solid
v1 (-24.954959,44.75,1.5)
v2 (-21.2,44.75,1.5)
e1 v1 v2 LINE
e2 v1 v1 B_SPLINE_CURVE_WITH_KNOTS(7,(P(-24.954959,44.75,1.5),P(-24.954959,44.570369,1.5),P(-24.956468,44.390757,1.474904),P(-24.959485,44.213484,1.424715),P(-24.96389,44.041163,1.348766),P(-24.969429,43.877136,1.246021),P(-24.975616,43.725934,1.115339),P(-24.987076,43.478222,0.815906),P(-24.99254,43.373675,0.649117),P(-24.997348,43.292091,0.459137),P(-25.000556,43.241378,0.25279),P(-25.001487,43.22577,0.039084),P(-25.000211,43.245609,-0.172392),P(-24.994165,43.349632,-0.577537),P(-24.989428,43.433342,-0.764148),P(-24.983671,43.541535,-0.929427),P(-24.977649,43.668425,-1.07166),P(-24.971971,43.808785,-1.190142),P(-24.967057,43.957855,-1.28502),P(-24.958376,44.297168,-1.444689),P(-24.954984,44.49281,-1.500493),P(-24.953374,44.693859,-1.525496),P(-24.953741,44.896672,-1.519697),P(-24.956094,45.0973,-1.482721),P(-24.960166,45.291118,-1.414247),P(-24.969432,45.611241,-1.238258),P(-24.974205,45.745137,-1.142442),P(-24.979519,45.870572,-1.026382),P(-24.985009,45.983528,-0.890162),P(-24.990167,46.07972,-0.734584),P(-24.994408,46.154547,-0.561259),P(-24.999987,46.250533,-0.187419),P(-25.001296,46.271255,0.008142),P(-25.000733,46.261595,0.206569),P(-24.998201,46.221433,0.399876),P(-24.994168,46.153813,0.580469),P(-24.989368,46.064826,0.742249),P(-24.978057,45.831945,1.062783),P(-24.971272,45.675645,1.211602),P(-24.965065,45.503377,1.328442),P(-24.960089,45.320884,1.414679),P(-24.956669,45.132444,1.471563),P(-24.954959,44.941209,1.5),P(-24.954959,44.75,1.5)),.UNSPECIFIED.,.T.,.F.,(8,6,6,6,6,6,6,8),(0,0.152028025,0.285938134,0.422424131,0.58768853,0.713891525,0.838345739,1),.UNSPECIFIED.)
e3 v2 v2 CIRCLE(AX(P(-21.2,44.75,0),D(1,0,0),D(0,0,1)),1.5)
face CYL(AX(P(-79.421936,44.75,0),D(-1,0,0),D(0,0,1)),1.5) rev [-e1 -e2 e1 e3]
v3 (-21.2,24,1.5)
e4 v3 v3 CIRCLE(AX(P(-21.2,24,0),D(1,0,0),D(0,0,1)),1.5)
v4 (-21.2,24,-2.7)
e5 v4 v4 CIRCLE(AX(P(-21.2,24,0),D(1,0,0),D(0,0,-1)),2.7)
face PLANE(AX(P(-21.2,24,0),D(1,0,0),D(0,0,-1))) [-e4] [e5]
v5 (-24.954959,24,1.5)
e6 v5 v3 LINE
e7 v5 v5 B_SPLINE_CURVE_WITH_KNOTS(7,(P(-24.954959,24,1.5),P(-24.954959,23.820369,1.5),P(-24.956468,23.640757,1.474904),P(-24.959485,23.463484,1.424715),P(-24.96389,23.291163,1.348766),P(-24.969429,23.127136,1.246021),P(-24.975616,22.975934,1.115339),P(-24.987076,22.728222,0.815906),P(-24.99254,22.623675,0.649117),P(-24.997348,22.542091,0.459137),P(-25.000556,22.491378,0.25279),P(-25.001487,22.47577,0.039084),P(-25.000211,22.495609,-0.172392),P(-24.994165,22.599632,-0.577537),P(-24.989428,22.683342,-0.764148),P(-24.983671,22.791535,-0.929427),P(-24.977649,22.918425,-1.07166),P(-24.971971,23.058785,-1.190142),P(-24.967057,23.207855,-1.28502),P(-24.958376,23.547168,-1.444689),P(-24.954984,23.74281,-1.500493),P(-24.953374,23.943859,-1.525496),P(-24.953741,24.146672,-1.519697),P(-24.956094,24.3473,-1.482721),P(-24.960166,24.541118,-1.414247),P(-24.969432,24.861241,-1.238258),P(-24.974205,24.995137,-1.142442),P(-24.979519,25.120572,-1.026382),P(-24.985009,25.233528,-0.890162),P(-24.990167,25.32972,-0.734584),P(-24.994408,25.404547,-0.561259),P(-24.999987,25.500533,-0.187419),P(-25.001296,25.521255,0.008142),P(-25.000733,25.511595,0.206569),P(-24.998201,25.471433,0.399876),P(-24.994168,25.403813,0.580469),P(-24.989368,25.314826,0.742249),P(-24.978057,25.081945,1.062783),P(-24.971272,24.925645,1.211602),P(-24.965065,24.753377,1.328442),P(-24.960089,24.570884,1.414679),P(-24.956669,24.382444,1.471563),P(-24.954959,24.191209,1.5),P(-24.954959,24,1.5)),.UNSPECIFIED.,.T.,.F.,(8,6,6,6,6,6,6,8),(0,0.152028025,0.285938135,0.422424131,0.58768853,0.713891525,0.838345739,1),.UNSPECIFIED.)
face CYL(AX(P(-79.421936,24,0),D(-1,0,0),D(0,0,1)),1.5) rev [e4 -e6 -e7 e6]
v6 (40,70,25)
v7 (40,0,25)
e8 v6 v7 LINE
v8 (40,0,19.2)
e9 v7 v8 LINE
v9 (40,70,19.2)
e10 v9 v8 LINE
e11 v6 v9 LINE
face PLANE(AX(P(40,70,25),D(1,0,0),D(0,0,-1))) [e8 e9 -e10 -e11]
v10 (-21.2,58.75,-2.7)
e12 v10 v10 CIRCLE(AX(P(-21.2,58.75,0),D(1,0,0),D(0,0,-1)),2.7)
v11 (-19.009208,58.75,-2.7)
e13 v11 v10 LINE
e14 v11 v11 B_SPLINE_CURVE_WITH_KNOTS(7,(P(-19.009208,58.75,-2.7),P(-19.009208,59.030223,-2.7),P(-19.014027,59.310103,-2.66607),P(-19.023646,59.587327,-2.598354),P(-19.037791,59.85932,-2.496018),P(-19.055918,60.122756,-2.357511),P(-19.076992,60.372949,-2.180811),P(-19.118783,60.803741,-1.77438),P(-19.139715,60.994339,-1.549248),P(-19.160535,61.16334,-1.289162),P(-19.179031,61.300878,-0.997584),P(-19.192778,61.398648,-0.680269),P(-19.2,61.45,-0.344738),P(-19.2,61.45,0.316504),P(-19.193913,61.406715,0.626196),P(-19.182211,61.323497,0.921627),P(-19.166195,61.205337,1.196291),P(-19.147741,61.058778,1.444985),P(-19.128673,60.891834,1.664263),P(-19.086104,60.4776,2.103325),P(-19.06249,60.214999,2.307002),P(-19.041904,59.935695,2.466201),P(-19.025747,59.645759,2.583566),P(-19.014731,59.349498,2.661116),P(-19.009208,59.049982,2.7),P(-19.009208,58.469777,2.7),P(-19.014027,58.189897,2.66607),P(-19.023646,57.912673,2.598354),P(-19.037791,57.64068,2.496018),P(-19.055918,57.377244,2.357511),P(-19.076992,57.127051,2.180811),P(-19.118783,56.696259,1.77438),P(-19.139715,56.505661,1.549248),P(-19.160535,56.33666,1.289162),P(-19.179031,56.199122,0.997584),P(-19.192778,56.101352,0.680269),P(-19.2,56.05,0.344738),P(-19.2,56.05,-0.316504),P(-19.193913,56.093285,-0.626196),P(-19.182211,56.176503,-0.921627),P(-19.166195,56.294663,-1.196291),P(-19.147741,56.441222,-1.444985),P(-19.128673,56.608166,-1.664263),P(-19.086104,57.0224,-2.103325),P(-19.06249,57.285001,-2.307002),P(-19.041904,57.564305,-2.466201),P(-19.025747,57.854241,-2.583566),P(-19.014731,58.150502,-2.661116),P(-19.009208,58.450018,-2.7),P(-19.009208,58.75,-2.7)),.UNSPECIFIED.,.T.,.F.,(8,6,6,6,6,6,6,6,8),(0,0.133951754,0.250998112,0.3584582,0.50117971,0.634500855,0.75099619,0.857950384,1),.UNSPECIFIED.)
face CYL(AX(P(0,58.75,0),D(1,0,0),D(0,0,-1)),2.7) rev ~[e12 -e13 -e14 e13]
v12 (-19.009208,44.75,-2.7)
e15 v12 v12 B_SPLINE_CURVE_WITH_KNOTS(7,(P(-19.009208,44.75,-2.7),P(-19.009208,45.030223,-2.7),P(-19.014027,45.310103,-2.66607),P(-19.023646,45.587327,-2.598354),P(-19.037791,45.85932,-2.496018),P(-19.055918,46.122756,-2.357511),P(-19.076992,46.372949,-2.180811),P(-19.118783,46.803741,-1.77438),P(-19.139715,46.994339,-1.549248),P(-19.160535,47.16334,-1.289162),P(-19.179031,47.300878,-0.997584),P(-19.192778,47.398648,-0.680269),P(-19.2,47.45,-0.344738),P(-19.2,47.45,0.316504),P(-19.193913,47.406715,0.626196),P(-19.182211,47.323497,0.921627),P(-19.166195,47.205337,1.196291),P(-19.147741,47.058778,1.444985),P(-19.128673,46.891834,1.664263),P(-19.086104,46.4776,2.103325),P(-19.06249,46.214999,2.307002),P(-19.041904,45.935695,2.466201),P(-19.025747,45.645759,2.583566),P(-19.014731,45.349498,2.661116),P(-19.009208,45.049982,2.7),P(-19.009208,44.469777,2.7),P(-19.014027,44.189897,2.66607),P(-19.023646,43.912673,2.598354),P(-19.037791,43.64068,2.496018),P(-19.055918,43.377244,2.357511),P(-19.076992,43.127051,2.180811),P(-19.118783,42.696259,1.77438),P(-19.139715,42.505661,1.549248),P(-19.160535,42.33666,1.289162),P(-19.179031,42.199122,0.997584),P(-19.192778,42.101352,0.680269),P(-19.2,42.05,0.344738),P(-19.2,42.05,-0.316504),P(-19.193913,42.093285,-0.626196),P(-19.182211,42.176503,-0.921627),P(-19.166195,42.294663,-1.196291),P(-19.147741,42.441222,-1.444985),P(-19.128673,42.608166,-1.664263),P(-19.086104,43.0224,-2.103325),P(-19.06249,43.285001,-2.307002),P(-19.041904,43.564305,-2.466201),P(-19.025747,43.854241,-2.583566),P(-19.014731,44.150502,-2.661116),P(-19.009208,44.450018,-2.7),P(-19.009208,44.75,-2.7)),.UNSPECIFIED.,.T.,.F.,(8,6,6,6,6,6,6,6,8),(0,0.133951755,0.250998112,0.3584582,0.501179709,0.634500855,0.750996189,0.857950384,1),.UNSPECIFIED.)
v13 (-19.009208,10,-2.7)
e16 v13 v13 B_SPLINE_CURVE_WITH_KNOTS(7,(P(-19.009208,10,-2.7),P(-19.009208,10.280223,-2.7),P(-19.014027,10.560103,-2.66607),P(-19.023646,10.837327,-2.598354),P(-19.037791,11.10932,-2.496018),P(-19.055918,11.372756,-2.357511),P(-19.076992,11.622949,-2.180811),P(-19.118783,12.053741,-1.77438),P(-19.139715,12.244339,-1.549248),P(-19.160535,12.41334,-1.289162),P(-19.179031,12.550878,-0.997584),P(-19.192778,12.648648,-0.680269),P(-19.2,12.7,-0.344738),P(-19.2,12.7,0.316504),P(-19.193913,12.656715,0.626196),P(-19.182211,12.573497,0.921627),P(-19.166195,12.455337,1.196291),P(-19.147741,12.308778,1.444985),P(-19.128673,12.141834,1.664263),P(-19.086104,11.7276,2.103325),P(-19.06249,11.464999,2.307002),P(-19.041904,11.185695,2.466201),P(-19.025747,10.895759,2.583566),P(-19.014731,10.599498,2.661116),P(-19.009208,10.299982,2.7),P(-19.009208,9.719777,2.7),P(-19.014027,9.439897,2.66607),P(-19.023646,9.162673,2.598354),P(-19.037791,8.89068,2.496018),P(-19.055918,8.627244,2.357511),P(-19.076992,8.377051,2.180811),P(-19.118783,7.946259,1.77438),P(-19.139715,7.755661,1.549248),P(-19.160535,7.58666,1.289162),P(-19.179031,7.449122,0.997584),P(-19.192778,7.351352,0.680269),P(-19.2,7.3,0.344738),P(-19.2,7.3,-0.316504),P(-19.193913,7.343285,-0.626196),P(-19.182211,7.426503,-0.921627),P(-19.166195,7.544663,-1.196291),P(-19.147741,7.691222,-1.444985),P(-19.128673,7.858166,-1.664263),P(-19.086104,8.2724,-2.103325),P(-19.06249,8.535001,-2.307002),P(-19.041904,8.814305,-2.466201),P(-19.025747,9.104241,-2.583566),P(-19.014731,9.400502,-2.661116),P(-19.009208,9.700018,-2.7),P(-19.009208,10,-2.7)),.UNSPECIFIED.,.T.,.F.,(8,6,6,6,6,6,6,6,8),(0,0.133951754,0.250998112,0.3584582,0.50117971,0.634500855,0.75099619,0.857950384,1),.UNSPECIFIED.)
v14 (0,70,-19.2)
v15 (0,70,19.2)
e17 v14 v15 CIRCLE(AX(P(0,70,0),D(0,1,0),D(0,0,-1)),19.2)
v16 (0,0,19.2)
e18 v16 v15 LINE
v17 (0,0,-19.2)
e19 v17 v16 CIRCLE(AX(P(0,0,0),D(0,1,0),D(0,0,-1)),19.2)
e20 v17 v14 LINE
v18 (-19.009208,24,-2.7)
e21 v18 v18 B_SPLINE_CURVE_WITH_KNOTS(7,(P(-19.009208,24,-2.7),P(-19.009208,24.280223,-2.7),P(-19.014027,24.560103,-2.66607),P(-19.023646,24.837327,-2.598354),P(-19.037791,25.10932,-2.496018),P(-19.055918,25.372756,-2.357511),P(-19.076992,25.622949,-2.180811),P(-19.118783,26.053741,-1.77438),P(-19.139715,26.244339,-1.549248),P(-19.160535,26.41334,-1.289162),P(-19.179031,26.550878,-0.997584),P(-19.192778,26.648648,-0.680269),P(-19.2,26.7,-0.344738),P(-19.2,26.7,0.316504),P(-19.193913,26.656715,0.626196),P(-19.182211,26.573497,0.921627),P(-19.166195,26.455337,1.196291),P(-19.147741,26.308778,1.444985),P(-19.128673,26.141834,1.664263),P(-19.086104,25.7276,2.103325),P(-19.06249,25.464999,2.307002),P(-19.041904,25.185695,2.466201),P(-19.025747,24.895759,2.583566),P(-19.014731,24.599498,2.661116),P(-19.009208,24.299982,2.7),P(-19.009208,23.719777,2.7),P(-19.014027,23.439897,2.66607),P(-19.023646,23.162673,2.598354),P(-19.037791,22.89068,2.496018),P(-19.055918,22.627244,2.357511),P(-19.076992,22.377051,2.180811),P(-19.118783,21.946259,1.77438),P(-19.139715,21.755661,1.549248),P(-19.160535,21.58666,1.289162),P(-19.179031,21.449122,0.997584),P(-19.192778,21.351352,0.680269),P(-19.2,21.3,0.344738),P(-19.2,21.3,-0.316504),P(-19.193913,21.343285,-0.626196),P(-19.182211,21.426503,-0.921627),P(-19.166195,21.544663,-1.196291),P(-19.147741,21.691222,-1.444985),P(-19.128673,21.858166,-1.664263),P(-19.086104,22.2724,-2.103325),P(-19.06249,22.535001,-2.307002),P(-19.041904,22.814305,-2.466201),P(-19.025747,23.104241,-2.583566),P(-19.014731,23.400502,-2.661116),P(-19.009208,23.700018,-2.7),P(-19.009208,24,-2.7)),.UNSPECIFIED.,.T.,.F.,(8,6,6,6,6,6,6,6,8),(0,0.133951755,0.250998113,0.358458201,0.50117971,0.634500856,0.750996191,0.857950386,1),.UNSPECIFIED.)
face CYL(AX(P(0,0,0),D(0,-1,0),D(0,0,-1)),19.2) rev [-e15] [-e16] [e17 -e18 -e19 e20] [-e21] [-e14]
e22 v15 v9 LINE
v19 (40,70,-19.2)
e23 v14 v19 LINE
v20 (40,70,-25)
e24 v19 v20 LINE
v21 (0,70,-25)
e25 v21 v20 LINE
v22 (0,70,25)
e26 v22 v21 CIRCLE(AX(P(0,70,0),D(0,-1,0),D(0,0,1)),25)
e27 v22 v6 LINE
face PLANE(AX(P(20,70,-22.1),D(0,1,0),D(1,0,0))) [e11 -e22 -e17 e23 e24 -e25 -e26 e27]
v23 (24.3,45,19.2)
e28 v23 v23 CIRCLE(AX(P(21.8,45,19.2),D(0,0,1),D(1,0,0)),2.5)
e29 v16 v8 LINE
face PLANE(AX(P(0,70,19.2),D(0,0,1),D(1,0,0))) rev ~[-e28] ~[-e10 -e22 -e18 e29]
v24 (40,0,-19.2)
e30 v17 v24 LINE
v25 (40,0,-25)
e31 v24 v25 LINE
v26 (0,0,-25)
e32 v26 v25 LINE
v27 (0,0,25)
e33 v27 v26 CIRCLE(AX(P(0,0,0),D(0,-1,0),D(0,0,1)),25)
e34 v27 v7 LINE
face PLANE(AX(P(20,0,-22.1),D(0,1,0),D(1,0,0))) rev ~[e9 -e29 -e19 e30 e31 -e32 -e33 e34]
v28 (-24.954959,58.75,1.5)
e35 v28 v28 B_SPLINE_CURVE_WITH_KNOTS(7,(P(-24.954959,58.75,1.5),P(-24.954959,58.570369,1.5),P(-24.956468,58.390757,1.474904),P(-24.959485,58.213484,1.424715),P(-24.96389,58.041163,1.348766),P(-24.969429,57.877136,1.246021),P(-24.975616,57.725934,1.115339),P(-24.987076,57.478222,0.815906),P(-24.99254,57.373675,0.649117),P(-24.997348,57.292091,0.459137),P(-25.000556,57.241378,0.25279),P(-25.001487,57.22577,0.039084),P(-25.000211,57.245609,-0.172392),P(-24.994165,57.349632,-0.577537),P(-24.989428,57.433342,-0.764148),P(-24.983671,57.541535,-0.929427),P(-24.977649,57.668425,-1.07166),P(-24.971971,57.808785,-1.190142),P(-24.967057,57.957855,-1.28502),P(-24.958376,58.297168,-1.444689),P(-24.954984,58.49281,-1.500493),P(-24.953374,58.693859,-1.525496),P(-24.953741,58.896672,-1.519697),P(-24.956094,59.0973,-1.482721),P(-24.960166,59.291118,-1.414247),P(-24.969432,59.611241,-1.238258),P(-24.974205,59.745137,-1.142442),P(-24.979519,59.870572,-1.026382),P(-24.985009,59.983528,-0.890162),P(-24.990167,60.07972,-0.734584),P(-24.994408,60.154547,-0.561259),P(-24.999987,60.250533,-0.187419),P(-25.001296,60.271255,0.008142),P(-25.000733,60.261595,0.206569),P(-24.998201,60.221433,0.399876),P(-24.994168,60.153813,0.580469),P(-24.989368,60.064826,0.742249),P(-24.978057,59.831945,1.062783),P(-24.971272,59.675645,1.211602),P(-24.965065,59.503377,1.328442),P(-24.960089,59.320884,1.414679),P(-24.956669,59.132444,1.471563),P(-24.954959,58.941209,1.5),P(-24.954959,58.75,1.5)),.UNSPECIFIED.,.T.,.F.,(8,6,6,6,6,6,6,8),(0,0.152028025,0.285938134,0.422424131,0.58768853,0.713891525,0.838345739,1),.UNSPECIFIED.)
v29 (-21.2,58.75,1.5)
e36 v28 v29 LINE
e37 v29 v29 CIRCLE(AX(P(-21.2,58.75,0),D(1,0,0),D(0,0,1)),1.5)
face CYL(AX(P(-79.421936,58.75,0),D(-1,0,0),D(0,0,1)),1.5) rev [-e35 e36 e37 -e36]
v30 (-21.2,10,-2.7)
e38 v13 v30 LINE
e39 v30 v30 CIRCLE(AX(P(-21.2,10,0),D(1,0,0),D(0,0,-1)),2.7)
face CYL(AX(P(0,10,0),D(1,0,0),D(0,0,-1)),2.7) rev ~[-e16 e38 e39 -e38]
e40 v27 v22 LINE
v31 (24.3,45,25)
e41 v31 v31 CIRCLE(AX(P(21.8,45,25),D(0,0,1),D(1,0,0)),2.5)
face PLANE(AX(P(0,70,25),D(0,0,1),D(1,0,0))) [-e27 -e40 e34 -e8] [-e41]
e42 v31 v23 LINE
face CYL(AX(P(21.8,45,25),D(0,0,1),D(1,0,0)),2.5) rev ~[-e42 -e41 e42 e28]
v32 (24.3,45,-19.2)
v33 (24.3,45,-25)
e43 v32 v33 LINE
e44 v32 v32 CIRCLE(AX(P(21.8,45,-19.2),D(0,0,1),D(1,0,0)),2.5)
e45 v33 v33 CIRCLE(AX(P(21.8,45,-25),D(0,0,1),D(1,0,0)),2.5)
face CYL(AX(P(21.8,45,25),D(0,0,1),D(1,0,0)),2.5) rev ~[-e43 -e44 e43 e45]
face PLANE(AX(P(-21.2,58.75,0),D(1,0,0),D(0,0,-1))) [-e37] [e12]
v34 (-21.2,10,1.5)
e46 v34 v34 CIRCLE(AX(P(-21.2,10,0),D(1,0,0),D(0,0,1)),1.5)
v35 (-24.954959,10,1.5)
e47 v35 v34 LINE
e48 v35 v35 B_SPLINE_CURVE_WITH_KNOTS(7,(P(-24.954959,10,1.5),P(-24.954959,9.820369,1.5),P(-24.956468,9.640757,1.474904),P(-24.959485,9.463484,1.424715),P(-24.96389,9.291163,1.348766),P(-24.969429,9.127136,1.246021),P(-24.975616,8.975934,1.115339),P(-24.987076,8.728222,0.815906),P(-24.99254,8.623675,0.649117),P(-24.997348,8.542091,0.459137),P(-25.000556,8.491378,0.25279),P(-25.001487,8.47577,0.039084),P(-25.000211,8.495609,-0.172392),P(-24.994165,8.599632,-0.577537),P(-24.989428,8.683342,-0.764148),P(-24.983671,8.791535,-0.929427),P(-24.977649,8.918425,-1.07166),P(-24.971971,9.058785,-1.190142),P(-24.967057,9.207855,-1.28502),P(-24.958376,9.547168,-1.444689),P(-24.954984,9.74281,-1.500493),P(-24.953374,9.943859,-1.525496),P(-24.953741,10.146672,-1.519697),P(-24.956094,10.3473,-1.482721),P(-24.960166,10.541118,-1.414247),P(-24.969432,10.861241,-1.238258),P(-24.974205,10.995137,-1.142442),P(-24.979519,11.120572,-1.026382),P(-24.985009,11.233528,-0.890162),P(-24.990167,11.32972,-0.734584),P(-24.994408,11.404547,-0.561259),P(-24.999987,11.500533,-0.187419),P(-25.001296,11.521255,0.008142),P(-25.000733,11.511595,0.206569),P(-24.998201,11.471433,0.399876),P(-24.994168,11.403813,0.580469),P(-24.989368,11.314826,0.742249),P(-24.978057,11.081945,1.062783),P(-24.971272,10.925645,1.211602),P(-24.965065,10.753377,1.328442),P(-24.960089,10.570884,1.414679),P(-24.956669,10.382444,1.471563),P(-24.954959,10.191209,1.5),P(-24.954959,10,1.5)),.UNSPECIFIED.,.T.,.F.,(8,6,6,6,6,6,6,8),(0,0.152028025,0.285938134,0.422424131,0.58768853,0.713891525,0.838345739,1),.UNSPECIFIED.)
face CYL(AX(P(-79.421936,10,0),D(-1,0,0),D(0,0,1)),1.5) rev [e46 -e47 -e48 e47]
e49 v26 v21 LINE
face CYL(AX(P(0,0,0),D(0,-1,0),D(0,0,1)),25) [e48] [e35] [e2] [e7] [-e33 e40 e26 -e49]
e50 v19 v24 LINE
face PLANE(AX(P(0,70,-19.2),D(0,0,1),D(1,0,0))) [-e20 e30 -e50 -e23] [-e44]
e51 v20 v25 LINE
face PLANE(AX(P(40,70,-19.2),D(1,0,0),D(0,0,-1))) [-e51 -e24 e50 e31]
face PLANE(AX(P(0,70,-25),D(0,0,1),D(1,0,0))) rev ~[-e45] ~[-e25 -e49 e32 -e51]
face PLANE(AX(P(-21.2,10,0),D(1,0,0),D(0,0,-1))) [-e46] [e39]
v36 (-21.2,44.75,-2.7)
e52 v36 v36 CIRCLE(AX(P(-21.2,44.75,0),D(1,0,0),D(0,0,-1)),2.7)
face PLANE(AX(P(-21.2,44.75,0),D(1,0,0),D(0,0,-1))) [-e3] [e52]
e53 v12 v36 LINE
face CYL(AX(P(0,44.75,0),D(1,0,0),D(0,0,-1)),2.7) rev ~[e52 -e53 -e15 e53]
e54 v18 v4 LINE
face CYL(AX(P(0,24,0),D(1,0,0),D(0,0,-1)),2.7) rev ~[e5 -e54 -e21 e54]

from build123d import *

# Parameters (mm, degrees)
EXTRUDE_1_DEPTH          = 70
CUT_EXTRUDE_1_DEPTH      = 3
CUT_EXTRUDE_1_DEPTH_BACK = 79.421935707
SKETCH_2_R               = 1.5
SKETCH_6_R               = 2.7
SKETCH_6_R_2             = 1.5
CUT_EXTRUDE_3_DEPTH      = 21.2
SKETCH_7_W               = 40
SKETCH_7_H               = 5.8
EXTRUDE_2_DEPTH          = 70
CUT_EXTRUDE_4_REACH      = 96.868
SKETCH_8_R               = 2.5


with BuildPart() as part:
    # 草图1 → 凸台-拉伸1 (new body)
    with BuildSketch(Plane(origin=(0, 0, 0), x_dir=(1, 0, 0), z_dir=(0, 1, 0))):
        with BuildLine():
            Line((0, 25), (0, 19.2))
            ThreePointArc((0, 19.2), (-19.2, 0), (0, -19.2))
            Line((0, -19.2), (0, -25))
            ThreePointArc((0, -25), (-25, 0), (0, 25))
        make_face()
    extrude(amount=EXTRUDE_1_DEPTH)

    # 草图2 → 切除-拉伸1 (cut, two sides: drawn at the far end of the back side and taken through both)
    with BuildSketch(Plane(origin=(0, 0, 0), x_dir=(0, 0, -1), z_dir=(1, 0, 0)).offset(-CUT_EXTRUDE_1_DEPTH_BACK)):
        with Locations(Location((0, 58.75, 0), (0, 0, 180))):
            Circle(SKETCH_2_R)
        with Locations(Location((0, 44.75, 0), (0, 0, 180))):
            Circle(SKETCH_2_R)
        with Locations(Location((0, 24, 0), (0, 0, 180))):
            Circle(SKETCH_2_R)
        with Locations(Location((0, 10, 0), (0, 0, 180))):
            Circle(SKETCH_2_R)
    extrude(amount=CUT_EXTRUDE_1_DEPTH + CUT_EXTRUDE_1_DEPTH_BACK, mode=Mode.SUBTRACT)

    # 草图6 → 切除-拉伸3 (cut)
    # profile 1 of 4: a face of its own
    with BuildSketch(Plane(origin=(0, 0, 0), x_dir=(0, 0, -1), z_dir=(1, 0, 0))):
        with Locations((0, 58.75)):
            Circle(SKETCH_6_R)
        with Locations(Location((0, 58.75, 0), (0, 0, 180))):
            Circle(SKETCH_6_R_2, mode=Mode.SUBTRACT)
    # profile 2 of 4: a face of its own
    with BuildSketch(Plane(origin=(0, 0, 0), x_dir=(0, 0, -1), z_dir=(1, 0, 0))):
        with Locations((0, 44.75)):
            Circle(SKETCH_6_R)
        with Locations(Location((0, 44.75, 0), (0, 0, 180))):
            Circle(SKETCH_6_R_2, mode=Mode.SUBTRACT)
    # profile 3 of 4: a face of its own
    with BuildSketch(Plane(origin=(0, 0, 0), x_dir=(0, 0, -1), z_dir=(1, 0, 0))):
        with Locations((0, 24)):
            Circle(SKETCH_6_R)
        with Locations(Location((0, 24, 0), (0, 0, 180))):
            Circle(SKETCH_6_R_2, mode=Mode.SUBTRACT)
    # profile 4 of 4: a face of its own
    with BuildSketch(Plane(origin=(0, 0, 0), x_dir=(0, 0, -1), z_dir=(1, 0, 0))):
        with Locations((0, 10)):
            Circle(SKETCH_6_R)
        with Locations(Location((0, 10, 0), (0, 0, 180))):
            Circle(SKETCH_6_R_2, mode=Mode.SUBTRACT)
    extrude(amount=-CUT_EXTRUDE_3_DEPTH, mode=Mode.SUBTRACT)

    # 草图7 → 凸台-拉伸2 (add)
    with BuildSketch(Plane(origin=(0, 70, 0), x_dir=(1, 0, 0), z_dir=(0, 1, 0))):
        with Locations((20, 22.1)):
            Rectangle(SKETCH_7_W, SKETCH_7_H)
        with Locations((20, -22.1)):
            Rectangle(SKETCH_7_W, SKETCH_7_H)
    extrude(amount=-EXTRUDE_2_DEPTH)

    # 切除-拉伸4: up to this face of the body (flat: up to its plane)
    cut_extrude_4_end = Plane(part.part.faces().sort_by_distance((20, 35, -25))[0])
    # 草图8 → 切除-拉伸4 (cut, up to the picked face)
    with BuildSketch(Plane.XY.offset(25), mode=Mode.PRIVATE) as cut_extrude_4_sk1:
        with Locations((21.8, 45)):
            Circle(SKETCH_8_R)
    cut_extrude_4_tool1 = split(extrude(cut_extrude_4_sk1.sketch, amount=-CUT_EXTRUDE_4_REACH, mode=Mode.PRIVATE), bisect_by=cut_extrude_4_end, keep=Keep.BOTH, mode=Mode.PRIVATE)
    add(cut_extrude_4_tool1.solids().sort_by(Axis((21.8, 45, 25), (0, 0, -1)))[0], mode=Mode.SUBTRACT)


solid = part.part
